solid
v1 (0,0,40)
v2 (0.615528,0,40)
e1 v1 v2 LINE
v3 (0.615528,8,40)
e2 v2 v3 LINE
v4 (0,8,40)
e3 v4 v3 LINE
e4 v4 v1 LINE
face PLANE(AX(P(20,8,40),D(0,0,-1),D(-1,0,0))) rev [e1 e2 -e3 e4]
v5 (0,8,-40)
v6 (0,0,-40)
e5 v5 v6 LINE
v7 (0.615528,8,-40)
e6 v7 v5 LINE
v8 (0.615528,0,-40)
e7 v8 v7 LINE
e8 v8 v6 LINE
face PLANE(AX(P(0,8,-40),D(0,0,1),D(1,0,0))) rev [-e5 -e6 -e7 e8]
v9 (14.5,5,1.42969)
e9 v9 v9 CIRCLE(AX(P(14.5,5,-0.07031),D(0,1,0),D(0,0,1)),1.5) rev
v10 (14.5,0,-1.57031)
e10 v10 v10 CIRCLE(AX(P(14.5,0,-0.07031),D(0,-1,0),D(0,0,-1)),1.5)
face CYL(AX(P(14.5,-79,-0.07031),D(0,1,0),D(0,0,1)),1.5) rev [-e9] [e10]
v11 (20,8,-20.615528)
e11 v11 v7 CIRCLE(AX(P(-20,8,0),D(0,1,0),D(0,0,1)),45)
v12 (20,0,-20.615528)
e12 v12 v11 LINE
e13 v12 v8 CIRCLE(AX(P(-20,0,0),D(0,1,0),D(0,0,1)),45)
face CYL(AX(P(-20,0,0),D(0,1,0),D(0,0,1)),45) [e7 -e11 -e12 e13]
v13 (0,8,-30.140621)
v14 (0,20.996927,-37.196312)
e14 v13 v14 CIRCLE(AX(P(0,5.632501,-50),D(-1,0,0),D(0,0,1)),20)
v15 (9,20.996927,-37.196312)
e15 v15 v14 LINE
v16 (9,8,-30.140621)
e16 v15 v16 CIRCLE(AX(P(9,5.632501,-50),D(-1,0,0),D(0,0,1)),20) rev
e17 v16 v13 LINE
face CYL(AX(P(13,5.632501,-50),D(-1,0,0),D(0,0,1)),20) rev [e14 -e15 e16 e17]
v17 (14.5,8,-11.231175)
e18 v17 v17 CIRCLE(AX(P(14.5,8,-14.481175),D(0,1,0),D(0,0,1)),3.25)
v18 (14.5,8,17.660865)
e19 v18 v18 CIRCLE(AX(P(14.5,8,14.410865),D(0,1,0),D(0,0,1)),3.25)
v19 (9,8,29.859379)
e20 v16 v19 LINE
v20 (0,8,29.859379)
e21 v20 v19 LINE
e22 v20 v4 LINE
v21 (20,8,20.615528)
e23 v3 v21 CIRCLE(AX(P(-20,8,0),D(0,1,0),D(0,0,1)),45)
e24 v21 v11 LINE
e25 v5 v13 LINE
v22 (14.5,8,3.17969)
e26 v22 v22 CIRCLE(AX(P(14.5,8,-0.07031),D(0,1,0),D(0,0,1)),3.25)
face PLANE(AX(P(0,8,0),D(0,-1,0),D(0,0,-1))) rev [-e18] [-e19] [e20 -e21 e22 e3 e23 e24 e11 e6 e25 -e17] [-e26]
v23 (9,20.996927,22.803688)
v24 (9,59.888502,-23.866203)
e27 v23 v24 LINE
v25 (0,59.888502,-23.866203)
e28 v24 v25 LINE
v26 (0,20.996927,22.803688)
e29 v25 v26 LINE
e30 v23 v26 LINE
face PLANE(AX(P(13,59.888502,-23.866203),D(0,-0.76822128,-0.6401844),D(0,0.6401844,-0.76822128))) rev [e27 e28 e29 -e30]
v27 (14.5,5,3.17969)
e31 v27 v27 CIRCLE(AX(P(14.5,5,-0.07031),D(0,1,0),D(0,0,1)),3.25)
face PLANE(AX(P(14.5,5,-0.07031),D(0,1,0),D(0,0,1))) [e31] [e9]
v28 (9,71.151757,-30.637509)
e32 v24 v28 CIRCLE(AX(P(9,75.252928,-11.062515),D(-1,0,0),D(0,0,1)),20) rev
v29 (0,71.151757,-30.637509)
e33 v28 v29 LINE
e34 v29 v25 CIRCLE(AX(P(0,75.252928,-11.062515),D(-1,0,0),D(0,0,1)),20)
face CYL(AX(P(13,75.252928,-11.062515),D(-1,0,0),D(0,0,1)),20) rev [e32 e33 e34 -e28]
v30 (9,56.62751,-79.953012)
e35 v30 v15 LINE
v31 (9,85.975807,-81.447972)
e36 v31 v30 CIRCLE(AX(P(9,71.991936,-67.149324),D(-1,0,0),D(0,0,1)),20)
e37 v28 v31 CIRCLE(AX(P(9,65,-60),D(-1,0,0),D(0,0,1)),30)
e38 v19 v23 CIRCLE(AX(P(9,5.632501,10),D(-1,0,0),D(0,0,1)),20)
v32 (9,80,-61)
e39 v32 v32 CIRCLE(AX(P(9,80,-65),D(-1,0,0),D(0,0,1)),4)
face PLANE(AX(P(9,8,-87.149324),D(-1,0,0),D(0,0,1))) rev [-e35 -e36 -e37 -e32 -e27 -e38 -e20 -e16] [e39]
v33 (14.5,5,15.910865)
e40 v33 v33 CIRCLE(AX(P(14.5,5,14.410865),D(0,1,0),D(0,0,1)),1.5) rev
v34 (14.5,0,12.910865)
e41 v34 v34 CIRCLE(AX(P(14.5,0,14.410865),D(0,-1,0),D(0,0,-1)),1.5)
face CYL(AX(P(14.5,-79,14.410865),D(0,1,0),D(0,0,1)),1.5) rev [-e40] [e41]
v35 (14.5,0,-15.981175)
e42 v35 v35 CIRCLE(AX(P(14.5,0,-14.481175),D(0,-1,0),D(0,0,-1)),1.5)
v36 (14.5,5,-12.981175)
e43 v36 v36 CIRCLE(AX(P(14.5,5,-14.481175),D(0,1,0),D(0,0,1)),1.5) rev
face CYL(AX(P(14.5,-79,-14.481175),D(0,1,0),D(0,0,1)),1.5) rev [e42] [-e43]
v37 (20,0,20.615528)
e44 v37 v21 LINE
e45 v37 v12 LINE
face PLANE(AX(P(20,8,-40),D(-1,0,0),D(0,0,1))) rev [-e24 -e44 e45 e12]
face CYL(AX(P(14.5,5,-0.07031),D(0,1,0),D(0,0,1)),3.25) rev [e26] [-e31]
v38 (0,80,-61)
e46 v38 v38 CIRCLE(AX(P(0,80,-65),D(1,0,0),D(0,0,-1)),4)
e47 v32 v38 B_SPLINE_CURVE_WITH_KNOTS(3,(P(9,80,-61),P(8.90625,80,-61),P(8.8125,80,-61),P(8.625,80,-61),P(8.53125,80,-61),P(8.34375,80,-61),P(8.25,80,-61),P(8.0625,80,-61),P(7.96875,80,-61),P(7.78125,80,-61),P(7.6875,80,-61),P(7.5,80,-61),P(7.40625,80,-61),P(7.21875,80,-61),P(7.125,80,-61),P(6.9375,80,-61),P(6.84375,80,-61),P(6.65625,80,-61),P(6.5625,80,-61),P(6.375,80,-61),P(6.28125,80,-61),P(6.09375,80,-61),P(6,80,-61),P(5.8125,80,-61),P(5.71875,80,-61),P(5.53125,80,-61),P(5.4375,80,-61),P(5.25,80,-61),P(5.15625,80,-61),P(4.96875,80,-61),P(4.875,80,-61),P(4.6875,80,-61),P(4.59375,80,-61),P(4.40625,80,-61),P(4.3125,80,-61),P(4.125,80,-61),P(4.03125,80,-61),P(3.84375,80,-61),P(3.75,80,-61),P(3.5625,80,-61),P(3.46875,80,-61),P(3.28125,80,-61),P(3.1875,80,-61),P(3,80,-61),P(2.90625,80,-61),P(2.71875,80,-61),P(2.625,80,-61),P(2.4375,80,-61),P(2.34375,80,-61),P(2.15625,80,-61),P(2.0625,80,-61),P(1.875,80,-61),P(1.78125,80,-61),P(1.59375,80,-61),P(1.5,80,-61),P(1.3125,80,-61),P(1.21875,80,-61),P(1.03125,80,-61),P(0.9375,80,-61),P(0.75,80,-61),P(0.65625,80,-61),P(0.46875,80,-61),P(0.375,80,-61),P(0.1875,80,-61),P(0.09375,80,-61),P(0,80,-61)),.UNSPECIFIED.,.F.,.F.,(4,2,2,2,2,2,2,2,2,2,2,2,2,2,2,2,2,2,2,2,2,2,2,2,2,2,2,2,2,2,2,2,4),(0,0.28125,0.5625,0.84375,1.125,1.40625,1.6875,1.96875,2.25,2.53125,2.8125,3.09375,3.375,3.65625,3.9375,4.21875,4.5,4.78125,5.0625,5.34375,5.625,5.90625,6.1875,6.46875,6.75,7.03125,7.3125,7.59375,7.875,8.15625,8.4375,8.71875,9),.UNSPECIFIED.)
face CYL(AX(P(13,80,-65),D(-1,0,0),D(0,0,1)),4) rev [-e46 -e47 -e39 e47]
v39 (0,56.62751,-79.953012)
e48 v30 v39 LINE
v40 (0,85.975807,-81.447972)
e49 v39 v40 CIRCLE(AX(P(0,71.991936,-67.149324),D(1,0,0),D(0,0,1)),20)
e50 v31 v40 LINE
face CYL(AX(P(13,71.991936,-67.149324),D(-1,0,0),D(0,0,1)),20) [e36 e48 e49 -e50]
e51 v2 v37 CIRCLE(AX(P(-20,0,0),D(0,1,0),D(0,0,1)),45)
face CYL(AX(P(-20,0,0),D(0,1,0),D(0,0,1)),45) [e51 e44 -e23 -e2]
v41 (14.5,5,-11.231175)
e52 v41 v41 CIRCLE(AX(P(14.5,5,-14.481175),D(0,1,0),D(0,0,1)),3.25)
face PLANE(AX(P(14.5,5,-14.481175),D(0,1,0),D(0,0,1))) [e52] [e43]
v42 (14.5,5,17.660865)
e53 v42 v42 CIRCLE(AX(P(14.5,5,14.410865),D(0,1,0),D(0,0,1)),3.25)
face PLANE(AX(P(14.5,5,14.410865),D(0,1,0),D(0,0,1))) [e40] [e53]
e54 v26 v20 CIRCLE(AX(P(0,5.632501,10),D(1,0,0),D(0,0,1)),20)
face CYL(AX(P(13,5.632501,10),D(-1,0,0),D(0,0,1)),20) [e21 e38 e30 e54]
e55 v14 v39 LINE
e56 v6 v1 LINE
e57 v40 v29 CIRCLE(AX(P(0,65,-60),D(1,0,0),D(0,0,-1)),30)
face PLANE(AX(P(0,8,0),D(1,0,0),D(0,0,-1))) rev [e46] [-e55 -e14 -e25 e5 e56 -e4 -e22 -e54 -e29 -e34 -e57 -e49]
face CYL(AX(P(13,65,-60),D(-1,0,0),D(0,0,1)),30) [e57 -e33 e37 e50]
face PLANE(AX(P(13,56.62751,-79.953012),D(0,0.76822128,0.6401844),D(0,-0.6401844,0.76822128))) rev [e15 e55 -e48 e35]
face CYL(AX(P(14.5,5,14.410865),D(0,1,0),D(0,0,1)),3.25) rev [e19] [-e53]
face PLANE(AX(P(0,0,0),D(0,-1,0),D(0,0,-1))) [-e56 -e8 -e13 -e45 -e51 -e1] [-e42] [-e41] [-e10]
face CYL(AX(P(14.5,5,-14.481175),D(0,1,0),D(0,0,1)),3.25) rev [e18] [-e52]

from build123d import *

# Parameters (mm, degrees)
SALIENTE_EXTRUIR2_DEPTH = 8
CORTAR_EXTRUIR1_DEPTH   = 8
CROQUIS4_R              = 4
SALIENTE_EXTRUIR3_DEPTH = 13
CROQUIS5_W              = 11
CROQUIS5_H              = 133.016244933
CORTAR_EXTRUIR2_DEPTH   = 87
CROQUIS7_R              = 1.5
CORTAR_EXTRUIR3_DEPTH   = 87
CROQUIS8_R              = 3.25
CORTAR_EXTRUIR4_DEPTH   = 3


with BuildPart() as part:
    # Croquis1 → Saliente-Extruir2 (new body)
    with BuildSketch(Plane(origin=(0, 0, 0), x_dir=(1, 0, 0), z_dir=(0, 1, 0))):
        Polygon((0, 0), (0, 40), (20, 40), (20, -40), (0, -40), align=None)
    extrude(amount=SALIENTE_EXTRUIR2_DEPTH)

    # Croquis3 → Cortar-Extruir1 (cut)
    with BuildSketch(Plane(origin=(0, 8, 0), x_dir=(1, 0, 0), z_dir=(0, 1, 0))):
        with BuildLine():
            Line((20, 40), (0.615528128, 40))
            ThreePointArc((0.615528128, 40), (11.819805153, 31.819805153), (20, 20.615528128))
            Line((20, 20.615528128), (20, 40))
        make_face()
        with BuildLine():
            ThreePointArc((20, -20.615528128), (11.819805153, -31.819805153), (0.615528128, -40))
            Line((0.615528128, -40), (20, -40))
            Line((20, -40), (20, -20.615528128))
        make_face()
    extrude(amount=-CORTAR_EXTRUIR1_DEPTH, mode=Mode.SUBTRACT)

    # Croquis4 → Saliente-Extruir3 (add)
    with BuildSketch(Plane(origin=(0, 0, 0), x_dir=(0, 0, -1), z_dir=(1, 0, 0))):
        with BuildLine():
            Line((0, 0), (-30, 0))
            Line((-30, 0), (-30, 5.63250108))
            ThreePointArc((-30, 5.63250108), (-28.111788424, 14.115609005), (-22.803687993, 20.996926672))
            Line((-22.803687993, 20.996926672), (23.866202653, 59.88850221))
            ThreePointArc((23.866202653, 59.88850221), (28.203401142, 64.948074064), (30.637508796, 71.151756681))
            ThreePointArc((30.637508796, 71.151756681), (51.597737237, 93.799339931), (81.447972358, 85.975807058))
            ThreePointArc((81.447972358, 85.975807058), (87.123427128, 70.974483465), (79.953012113, 56.627510094))
            Line((79.953012113, 56.627510094), (37.196312007, 20.996926672))
            ThreePointArc((37.196312007, 20.996926672), (31.888211576, 14.115609005), (30, 5.63250108))
            Line((30, 5.63250108), (30, 0))
            Line((30, 0), (0, 0))
        make_face()
        with Locations(Location((65, 80, 0), (0, 0, 180))):
            Circle(CROQUIS4_R, mode=Mode.SUBTRACT)
    extrude(amount=SALIENTE_EXTRUIR3_DEPTH)

    # Croquis5 → Cortar-Extruir2 (cut)
    with BuildSketch(Plane(origin=(0, 95, 0), x_dir=(1, 0, 0), z_dir=(0, 1, 0))):
        with Locations((14.5, 20.641201652)):
            Rectangle(CROQUIS5_W, CROQUIS5_H)
    extrude(amount=-CORTAR_EXTRUIR2_DEPTH, mode=Mode.SUBTRACT)

    # Croquis7 → Cortar-Extruir3 (cut)
    with BuildSketch(Plane(origin=(0, 8, 0), x_dir=(1, 0, 0), z_dir=(0, 1, 0))):
        with Locations(Location((14.5, 14.481175371, 0), (0, 0, 270))):
            Circle(CROQUIS7_R)
        with Locations(Location((14.5, 0.070310316, 0), (0, 0, 270))):
            Circle(CROQUIS7_R)
        with Locations(Location((14.5, -14.410865055, 0), (0, 0, 270))):
            Circle(CROQUIS7_R)
    extrude(amount=-CORTAR_EXTRUIR3_DEPTH, mode=Mode.SUBTRACT)

    # Croquis8 → Cortar-Extruir4 (cut)
    with BuildSketch(Plane(origin=(0, 8, 0), x_dir=(1, 0, 0), z_dir=(0, 1, 0))):
        with Locations(Location((14.5, 14.481175371, 0), (0, 0, 270))):
            Circle(CROQUIS8_R)
        with Locations(Location((14.5, 0.070310316, 0), (0, 0, 270))):
            Circle(CROQUIS8_R)
        with Locations(Location((14.5, -14.410865055, 0), (0, 0, 270))):
            Circle(CROQUIS8_R)
    extrude(amount=-CORTAR_EXTRUIR4_DEPTH, mode=Mode.SUBTRACT)


solid = part.part
